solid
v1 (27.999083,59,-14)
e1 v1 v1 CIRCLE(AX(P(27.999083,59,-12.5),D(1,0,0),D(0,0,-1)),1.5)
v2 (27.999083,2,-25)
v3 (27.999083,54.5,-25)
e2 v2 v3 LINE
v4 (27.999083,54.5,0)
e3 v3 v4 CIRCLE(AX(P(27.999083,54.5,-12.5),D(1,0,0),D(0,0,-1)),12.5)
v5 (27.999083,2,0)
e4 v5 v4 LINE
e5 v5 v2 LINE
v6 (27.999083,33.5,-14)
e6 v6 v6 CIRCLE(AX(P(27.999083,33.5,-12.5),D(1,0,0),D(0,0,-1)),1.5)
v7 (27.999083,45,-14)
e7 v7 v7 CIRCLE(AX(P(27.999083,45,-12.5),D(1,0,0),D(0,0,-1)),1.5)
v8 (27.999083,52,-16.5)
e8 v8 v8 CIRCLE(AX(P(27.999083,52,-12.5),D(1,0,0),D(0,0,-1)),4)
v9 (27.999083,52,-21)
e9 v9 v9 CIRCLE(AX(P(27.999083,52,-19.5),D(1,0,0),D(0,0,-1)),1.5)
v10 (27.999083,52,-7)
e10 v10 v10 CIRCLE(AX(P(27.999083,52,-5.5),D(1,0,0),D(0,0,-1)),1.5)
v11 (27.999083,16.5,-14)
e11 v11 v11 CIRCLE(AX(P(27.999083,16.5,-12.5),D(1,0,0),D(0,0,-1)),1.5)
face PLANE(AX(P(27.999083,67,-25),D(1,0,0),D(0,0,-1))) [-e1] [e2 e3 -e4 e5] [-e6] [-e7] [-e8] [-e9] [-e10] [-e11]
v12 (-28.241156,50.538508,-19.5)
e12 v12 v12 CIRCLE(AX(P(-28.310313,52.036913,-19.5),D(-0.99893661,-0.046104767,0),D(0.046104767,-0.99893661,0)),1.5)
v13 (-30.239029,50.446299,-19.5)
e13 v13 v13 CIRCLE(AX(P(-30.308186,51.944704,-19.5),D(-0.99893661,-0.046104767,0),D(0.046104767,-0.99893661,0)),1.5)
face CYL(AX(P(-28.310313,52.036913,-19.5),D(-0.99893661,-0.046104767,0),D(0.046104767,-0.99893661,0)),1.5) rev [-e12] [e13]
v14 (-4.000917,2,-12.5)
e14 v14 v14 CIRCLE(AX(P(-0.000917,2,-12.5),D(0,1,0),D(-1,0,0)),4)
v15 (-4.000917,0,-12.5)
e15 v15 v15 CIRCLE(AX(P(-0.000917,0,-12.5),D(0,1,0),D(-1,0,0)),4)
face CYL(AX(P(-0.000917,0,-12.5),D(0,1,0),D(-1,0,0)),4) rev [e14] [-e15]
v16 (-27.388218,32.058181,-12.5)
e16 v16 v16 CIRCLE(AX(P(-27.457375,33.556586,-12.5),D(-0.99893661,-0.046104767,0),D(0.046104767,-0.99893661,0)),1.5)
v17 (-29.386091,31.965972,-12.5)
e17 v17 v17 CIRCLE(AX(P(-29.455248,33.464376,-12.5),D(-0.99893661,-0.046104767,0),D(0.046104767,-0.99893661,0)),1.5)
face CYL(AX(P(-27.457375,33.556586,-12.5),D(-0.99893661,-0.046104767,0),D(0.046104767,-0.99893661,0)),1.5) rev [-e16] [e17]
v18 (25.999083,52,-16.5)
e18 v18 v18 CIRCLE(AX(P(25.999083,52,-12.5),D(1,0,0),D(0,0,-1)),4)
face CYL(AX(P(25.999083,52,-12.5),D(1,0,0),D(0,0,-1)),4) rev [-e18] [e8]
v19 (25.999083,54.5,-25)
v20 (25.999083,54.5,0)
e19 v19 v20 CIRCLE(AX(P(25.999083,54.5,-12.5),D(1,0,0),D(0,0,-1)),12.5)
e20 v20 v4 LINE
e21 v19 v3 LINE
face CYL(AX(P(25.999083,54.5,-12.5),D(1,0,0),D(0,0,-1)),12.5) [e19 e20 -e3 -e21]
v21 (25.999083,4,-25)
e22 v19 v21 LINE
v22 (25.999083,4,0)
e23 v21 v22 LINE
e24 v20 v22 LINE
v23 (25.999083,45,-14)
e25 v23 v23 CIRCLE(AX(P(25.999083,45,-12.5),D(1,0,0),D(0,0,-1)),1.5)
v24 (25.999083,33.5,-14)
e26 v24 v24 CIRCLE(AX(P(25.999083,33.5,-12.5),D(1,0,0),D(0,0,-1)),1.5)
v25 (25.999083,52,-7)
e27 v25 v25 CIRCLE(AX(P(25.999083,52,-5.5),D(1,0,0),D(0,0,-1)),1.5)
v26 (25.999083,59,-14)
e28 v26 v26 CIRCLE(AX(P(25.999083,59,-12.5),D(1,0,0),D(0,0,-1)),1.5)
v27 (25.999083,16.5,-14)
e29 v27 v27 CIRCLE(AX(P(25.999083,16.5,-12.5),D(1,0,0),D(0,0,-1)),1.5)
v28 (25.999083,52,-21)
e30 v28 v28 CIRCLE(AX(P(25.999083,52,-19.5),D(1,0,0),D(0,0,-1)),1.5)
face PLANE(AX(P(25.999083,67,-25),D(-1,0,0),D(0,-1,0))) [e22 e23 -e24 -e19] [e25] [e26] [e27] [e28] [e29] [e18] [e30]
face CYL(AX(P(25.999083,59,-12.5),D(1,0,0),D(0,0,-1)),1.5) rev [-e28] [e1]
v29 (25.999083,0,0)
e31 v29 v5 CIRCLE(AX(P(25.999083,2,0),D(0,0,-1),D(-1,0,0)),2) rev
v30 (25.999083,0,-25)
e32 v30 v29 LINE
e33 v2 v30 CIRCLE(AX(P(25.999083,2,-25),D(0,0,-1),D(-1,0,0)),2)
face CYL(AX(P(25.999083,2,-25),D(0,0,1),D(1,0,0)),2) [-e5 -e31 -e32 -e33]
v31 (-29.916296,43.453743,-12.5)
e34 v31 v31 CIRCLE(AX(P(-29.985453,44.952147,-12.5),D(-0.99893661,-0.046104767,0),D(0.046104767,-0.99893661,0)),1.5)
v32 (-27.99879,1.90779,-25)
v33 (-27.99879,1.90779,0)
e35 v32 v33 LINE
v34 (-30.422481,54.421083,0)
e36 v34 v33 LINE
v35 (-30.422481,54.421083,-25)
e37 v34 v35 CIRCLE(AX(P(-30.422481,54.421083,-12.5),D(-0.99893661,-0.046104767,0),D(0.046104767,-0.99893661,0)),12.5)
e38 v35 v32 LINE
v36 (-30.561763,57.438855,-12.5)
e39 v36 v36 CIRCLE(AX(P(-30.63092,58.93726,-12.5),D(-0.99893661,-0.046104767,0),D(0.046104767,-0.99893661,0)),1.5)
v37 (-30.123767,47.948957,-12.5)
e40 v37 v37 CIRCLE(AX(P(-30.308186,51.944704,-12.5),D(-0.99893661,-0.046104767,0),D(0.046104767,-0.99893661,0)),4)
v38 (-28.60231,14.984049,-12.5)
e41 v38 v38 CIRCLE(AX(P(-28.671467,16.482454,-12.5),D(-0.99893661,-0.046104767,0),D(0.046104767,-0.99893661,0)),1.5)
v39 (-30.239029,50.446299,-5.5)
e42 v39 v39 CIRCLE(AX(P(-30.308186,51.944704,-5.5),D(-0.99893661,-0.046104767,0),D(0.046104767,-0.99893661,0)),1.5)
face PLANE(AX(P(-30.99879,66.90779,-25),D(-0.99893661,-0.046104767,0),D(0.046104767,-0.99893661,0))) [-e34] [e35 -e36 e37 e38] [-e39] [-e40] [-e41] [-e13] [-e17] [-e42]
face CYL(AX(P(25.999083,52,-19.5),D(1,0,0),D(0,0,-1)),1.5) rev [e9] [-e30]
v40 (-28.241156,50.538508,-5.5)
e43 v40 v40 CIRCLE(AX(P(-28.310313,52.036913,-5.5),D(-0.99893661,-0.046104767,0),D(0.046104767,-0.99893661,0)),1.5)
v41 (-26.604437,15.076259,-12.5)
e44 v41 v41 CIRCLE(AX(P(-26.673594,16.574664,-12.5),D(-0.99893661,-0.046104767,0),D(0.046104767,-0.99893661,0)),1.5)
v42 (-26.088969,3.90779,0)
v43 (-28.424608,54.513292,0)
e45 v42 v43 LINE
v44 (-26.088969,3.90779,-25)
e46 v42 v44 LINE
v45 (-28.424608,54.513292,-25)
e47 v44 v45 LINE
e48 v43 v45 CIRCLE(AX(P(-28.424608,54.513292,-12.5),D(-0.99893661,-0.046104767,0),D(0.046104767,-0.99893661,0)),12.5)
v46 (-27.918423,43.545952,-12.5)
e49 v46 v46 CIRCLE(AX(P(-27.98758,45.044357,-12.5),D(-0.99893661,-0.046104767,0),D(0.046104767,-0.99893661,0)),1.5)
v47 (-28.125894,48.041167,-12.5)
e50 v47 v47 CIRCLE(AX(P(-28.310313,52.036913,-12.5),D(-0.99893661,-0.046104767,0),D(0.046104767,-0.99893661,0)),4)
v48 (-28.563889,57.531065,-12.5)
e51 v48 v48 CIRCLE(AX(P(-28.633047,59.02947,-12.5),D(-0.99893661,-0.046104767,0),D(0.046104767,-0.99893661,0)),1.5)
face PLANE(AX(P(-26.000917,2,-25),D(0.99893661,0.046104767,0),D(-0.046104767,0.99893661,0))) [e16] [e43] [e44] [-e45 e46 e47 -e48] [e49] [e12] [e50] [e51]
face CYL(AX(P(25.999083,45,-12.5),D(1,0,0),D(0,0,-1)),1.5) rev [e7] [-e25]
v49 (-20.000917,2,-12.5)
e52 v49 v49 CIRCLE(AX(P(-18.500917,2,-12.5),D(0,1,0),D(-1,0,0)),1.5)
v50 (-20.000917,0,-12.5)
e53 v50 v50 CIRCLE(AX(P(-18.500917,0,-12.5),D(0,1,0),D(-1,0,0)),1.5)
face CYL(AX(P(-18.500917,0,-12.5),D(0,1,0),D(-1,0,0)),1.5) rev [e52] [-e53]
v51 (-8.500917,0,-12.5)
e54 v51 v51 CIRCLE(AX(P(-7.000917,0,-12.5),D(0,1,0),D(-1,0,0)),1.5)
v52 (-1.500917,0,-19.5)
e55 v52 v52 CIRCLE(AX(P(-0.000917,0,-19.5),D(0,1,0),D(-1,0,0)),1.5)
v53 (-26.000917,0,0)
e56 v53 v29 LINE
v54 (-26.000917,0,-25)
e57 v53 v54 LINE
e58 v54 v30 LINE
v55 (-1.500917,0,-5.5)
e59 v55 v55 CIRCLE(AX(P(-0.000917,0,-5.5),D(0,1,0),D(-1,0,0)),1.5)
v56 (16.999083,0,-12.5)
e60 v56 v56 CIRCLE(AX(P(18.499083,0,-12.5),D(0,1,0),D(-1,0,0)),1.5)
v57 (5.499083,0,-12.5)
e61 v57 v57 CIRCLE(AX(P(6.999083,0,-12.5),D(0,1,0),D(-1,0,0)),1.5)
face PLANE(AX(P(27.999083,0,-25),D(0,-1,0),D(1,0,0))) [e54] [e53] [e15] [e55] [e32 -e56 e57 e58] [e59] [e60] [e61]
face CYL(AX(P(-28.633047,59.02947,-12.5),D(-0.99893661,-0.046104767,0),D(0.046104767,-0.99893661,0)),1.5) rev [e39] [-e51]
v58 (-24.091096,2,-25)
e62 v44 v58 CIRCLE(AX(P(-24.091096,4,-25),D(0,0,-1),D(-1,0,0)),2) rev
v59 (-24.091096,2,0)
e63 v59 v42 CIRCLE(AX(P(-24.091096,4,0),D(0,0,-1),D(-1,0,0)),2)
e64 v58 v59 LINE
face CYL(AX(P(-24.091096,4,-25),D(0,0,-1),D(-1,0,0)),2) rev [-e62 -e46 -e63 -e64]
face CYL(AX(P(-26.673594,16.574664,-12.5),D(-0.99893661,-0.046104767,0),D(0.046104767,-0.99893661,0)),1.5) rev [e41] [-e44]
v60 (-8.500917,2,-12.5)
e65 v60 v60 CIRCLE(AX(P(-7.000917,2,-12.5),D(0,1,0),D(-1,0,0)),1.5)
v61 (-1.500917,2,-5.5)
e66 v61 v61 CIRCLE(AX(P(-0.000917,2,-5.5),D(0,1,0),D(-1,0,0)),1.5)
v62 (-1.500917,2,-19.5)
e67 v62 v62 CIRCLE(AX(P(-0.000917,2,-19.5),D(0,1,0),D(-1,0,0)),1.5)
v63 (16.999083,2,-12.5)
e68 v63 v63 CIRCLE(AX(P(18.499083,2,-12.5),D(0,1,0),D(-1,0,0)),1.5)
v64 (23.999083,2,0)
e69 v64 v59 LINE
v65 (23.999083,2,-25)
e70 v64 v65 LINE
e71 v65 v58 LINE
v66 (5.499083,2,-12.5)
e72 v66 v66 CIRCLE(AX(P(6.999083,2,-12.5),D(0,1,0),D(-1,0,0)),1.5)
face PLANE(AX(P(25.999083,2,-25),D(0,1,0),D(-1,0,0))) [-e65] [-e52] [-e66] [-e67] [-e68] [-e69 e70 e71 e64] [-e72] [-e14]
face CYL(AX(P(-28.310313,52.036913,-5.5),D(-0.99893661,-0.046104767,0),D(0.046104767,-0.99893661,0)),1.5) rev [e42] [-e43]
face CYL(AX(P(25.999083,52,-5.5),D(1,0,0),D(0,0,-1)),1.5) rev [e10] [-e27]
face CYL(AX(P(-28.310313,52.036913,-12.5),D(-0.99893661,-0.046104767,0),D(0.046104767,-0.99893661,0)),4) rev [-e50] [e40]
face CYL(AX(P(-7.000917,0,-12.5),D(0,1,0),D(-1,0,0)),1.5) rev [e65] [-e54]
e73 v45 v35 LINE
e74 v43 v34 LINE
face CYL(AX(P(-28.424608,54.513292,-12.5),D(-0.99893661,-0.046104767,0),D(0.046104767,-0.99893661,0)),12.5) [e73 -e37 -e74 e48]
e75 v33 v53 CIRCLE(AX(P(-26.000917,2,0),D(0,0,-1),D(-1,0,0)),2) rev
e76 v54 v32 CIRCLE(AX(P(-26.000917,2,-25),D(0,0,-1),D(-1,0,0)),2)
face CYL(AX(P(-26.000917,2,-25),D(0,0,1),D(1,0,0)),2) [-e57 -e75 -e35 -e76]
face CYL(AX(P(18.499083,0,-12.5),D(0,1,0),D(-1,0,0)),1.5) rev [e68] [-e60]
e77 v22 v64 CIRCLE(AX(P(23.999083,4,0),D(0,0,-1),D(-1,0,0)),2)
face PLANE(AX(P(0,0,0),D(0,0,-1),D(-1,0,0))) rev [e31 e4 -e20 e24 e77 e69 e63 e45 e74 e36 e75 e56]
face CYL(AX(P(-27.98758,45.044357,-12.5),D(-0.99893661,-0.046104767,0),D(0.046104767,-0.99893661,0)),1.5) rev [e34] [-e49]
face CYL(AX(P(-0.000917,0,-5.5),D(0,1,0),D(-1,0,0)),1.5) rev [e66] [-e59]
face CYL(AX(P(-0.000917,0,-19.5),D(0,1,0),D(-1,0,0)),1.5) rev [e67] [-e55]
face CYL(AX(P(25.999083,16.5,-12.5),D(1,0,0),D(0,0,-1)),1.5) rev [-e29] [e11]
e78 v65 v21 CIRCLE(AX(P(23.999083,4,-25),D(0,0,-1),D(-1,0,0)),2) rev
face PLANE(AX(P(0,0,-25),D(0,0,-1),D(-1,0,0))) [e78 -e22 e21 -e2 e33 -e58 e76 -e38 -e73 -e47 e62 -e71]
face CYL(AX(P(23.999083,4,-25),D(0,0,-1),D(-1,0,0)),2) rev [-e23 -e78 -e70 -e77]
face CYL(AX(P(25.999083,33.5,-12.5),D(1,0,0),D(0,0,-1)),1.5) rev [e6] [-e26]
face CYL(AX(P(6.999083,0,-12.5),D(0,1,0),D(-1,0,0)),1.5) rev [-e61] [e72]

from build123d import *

# Parameters (mm, degrees)
BOSS_EXTRUDE1_DEPTH = 25
SKETCH4_R           = 4
SKETCH4_R_2         = 1.5
CUT_EXTRUDE3_DEPTH  = 2
SKETCH5_R           = 1.5
SKETCH5_R_2         = 4
CUT_EXTRUDE4_DEPTH  = 2
SKETCH6_R           = 4
SKETCH6_R_2         = 1.5
CUT_EXTRUDE5_DEPTH  = 2
FILLET2_R           = 2


with BuildPart() as part:
    # Sketch1 → Boss-Extrude1 (new body)
    with BuildSketch(Plane.XY):
        Polygon((27.999082786, 67), (25.999082786, 67), (25.999082786, 2), (-26.000917214, 2), (-29.000917214, 67), (-30.998790434, 66.907790467), (-27.910738566, 0), (-26.000917214, 0), (27.999082786, 0), align=None)
    extrude(amount=-BOSS_EXTRUDE1_DEPTH)

    # Sketch4 → Cut-Extrude3 (cut)
    with BuildSketch(Plane(origin=(-27.851410119, -1.285449698, 0), x_dir=(0, 0, 1), z_dir=(-0.99893661, -0.046104767, 0))):
        with BuildLine():
            Line((0, 68.265833379), (-12.5, 68.265833379))
            ThreePointArc((-12.5, 68.265833379), (-3.661165235, 64.604668144), (0, 55.765833379))
            Line((0, 55.765833379), (0, 68.265833379))
        make_face()
        with BuildLine():
            Line((-25, 68.265833379), (-25, 55.765833379))
            ThreePointArc((-25, 55.765833379), (-21.338834765, 64.604668144), (-12.5, 68.265833379))
            Line((-12.5, 68.265833379), (-25, 68.265833379))
        make_face()
        with Locations((-12.5, 53.286818087)):
            Circle(SKETCH4_R)
        with Locations((-12.5, 34.786818087)):
            Circle(SKETCH4_R_2)
        with Locations((-12.5, 17.786818087)):
            Circle(SKETCH4_R_2)
        with Locations((-12.5, 46.286818087)):
            Circle(SKETCH4_R_2)
        with Locations((-19.5, 53.286818087)):
            Circle(SKETCH4_R_2)
        with Locations((-12.5, 60.286818087)):
            Circle(SKETCH4_R_2)
        with Locations((-5.5, 53.286818087)):
            Circle(SKETCH4_R_2)
    extrude(amount=-CUT_EXTRUDE3_DEPTH, mode=Mode.SUBTRACT)

    # Sketch5 → Cut-Extrude4 (cut)
    with BuildSketch(Plane(origin=(27.999082786, 0, 0), x_dir=(0, 0, -1), z_dir=(1, 0, 0))):
        with BuildLine():
            Line((0, 67), (0, 54.5))
            ThreePointArc((0, 54.5), (3.661165235, 63.338834765), (12.5, 67))
            Line((12.5, 67), (0, 67))
        make_face()
        with BuildLine():
            Line((25, 67), (12.5, 67))
            ThreePointArc((12.5, 67), (21.338834765, 63.338834765), (25, 54.5))
            Line((25, 54.5), (25, 67))
        make_face()
        with Locations((12.5, 59)):
            Circle(SKETCH5_R)
        with Locations((19.5, 52)):
            Circle(SKETCH5_R)
        with Locations((12.5, 45)):
            Circle(SKETCH5_R)
        with Locations((5.5, 52)):
            Circle(SKETCH5_R)
        with Locations((12.5, 33.5)):
            Circle(SKETCH5_R)
        with Locations((12.5, 16.5)):
            Circle(SKETCH5_R)
        with Locations((12.5, 52)):
            Circle(SKETCH5_R_2)
    extrude(amount=-CUT_EXTRUDE4_DEPTH, mode=Mode.SUBTRACT)

    # Sketch6 → Cut-Extrude5 (cut)
    with BuildSketch(Plane(origin=(0, 2, 0), x_dir=(1, 0, 0), z_dir=(0, 1, 0))):
        with Locations((-0.000917214, 12.5)):
            Circle(SKETCH6_R)
        with Locations((-7.000917214, 12.5)):
            Circle(SKETCH6_R_2)
        with Locations((-0.000917214, 19.5)):
            Circle(SKETCH6_R_2)
        with Locations((6.999082786, 12.5)):
            Circle(SKETCH6_R_2)
        with Locations((-0.000917214, 5.5)):
            Circle(SKETCH6_R_2)
        with Locations((18.499082786, 12.5)):
            Circle(SKETCH6_R_2)
        with Locations((-18.500917214, 12.5)):
            Circle(SKETCH6_R_2)
    extrude(amount=-CUT_EXTRUDE5_DEPTH, mode=Mode.SUBTRACT)

    # Fillet2
    fillet2_edges = [part.edges().sort_by_distance(p)[0] for p in [
        (-27.910738566, 0, -12.5),
        (-26.000917214, 2, -12.5),
        (25.999082786, 2, -12.5),
        (27.999082786, 0, -12.5),
    ]]
    fillet(fillet2_edges, radius=FILLET2_R)


solid = part.part
